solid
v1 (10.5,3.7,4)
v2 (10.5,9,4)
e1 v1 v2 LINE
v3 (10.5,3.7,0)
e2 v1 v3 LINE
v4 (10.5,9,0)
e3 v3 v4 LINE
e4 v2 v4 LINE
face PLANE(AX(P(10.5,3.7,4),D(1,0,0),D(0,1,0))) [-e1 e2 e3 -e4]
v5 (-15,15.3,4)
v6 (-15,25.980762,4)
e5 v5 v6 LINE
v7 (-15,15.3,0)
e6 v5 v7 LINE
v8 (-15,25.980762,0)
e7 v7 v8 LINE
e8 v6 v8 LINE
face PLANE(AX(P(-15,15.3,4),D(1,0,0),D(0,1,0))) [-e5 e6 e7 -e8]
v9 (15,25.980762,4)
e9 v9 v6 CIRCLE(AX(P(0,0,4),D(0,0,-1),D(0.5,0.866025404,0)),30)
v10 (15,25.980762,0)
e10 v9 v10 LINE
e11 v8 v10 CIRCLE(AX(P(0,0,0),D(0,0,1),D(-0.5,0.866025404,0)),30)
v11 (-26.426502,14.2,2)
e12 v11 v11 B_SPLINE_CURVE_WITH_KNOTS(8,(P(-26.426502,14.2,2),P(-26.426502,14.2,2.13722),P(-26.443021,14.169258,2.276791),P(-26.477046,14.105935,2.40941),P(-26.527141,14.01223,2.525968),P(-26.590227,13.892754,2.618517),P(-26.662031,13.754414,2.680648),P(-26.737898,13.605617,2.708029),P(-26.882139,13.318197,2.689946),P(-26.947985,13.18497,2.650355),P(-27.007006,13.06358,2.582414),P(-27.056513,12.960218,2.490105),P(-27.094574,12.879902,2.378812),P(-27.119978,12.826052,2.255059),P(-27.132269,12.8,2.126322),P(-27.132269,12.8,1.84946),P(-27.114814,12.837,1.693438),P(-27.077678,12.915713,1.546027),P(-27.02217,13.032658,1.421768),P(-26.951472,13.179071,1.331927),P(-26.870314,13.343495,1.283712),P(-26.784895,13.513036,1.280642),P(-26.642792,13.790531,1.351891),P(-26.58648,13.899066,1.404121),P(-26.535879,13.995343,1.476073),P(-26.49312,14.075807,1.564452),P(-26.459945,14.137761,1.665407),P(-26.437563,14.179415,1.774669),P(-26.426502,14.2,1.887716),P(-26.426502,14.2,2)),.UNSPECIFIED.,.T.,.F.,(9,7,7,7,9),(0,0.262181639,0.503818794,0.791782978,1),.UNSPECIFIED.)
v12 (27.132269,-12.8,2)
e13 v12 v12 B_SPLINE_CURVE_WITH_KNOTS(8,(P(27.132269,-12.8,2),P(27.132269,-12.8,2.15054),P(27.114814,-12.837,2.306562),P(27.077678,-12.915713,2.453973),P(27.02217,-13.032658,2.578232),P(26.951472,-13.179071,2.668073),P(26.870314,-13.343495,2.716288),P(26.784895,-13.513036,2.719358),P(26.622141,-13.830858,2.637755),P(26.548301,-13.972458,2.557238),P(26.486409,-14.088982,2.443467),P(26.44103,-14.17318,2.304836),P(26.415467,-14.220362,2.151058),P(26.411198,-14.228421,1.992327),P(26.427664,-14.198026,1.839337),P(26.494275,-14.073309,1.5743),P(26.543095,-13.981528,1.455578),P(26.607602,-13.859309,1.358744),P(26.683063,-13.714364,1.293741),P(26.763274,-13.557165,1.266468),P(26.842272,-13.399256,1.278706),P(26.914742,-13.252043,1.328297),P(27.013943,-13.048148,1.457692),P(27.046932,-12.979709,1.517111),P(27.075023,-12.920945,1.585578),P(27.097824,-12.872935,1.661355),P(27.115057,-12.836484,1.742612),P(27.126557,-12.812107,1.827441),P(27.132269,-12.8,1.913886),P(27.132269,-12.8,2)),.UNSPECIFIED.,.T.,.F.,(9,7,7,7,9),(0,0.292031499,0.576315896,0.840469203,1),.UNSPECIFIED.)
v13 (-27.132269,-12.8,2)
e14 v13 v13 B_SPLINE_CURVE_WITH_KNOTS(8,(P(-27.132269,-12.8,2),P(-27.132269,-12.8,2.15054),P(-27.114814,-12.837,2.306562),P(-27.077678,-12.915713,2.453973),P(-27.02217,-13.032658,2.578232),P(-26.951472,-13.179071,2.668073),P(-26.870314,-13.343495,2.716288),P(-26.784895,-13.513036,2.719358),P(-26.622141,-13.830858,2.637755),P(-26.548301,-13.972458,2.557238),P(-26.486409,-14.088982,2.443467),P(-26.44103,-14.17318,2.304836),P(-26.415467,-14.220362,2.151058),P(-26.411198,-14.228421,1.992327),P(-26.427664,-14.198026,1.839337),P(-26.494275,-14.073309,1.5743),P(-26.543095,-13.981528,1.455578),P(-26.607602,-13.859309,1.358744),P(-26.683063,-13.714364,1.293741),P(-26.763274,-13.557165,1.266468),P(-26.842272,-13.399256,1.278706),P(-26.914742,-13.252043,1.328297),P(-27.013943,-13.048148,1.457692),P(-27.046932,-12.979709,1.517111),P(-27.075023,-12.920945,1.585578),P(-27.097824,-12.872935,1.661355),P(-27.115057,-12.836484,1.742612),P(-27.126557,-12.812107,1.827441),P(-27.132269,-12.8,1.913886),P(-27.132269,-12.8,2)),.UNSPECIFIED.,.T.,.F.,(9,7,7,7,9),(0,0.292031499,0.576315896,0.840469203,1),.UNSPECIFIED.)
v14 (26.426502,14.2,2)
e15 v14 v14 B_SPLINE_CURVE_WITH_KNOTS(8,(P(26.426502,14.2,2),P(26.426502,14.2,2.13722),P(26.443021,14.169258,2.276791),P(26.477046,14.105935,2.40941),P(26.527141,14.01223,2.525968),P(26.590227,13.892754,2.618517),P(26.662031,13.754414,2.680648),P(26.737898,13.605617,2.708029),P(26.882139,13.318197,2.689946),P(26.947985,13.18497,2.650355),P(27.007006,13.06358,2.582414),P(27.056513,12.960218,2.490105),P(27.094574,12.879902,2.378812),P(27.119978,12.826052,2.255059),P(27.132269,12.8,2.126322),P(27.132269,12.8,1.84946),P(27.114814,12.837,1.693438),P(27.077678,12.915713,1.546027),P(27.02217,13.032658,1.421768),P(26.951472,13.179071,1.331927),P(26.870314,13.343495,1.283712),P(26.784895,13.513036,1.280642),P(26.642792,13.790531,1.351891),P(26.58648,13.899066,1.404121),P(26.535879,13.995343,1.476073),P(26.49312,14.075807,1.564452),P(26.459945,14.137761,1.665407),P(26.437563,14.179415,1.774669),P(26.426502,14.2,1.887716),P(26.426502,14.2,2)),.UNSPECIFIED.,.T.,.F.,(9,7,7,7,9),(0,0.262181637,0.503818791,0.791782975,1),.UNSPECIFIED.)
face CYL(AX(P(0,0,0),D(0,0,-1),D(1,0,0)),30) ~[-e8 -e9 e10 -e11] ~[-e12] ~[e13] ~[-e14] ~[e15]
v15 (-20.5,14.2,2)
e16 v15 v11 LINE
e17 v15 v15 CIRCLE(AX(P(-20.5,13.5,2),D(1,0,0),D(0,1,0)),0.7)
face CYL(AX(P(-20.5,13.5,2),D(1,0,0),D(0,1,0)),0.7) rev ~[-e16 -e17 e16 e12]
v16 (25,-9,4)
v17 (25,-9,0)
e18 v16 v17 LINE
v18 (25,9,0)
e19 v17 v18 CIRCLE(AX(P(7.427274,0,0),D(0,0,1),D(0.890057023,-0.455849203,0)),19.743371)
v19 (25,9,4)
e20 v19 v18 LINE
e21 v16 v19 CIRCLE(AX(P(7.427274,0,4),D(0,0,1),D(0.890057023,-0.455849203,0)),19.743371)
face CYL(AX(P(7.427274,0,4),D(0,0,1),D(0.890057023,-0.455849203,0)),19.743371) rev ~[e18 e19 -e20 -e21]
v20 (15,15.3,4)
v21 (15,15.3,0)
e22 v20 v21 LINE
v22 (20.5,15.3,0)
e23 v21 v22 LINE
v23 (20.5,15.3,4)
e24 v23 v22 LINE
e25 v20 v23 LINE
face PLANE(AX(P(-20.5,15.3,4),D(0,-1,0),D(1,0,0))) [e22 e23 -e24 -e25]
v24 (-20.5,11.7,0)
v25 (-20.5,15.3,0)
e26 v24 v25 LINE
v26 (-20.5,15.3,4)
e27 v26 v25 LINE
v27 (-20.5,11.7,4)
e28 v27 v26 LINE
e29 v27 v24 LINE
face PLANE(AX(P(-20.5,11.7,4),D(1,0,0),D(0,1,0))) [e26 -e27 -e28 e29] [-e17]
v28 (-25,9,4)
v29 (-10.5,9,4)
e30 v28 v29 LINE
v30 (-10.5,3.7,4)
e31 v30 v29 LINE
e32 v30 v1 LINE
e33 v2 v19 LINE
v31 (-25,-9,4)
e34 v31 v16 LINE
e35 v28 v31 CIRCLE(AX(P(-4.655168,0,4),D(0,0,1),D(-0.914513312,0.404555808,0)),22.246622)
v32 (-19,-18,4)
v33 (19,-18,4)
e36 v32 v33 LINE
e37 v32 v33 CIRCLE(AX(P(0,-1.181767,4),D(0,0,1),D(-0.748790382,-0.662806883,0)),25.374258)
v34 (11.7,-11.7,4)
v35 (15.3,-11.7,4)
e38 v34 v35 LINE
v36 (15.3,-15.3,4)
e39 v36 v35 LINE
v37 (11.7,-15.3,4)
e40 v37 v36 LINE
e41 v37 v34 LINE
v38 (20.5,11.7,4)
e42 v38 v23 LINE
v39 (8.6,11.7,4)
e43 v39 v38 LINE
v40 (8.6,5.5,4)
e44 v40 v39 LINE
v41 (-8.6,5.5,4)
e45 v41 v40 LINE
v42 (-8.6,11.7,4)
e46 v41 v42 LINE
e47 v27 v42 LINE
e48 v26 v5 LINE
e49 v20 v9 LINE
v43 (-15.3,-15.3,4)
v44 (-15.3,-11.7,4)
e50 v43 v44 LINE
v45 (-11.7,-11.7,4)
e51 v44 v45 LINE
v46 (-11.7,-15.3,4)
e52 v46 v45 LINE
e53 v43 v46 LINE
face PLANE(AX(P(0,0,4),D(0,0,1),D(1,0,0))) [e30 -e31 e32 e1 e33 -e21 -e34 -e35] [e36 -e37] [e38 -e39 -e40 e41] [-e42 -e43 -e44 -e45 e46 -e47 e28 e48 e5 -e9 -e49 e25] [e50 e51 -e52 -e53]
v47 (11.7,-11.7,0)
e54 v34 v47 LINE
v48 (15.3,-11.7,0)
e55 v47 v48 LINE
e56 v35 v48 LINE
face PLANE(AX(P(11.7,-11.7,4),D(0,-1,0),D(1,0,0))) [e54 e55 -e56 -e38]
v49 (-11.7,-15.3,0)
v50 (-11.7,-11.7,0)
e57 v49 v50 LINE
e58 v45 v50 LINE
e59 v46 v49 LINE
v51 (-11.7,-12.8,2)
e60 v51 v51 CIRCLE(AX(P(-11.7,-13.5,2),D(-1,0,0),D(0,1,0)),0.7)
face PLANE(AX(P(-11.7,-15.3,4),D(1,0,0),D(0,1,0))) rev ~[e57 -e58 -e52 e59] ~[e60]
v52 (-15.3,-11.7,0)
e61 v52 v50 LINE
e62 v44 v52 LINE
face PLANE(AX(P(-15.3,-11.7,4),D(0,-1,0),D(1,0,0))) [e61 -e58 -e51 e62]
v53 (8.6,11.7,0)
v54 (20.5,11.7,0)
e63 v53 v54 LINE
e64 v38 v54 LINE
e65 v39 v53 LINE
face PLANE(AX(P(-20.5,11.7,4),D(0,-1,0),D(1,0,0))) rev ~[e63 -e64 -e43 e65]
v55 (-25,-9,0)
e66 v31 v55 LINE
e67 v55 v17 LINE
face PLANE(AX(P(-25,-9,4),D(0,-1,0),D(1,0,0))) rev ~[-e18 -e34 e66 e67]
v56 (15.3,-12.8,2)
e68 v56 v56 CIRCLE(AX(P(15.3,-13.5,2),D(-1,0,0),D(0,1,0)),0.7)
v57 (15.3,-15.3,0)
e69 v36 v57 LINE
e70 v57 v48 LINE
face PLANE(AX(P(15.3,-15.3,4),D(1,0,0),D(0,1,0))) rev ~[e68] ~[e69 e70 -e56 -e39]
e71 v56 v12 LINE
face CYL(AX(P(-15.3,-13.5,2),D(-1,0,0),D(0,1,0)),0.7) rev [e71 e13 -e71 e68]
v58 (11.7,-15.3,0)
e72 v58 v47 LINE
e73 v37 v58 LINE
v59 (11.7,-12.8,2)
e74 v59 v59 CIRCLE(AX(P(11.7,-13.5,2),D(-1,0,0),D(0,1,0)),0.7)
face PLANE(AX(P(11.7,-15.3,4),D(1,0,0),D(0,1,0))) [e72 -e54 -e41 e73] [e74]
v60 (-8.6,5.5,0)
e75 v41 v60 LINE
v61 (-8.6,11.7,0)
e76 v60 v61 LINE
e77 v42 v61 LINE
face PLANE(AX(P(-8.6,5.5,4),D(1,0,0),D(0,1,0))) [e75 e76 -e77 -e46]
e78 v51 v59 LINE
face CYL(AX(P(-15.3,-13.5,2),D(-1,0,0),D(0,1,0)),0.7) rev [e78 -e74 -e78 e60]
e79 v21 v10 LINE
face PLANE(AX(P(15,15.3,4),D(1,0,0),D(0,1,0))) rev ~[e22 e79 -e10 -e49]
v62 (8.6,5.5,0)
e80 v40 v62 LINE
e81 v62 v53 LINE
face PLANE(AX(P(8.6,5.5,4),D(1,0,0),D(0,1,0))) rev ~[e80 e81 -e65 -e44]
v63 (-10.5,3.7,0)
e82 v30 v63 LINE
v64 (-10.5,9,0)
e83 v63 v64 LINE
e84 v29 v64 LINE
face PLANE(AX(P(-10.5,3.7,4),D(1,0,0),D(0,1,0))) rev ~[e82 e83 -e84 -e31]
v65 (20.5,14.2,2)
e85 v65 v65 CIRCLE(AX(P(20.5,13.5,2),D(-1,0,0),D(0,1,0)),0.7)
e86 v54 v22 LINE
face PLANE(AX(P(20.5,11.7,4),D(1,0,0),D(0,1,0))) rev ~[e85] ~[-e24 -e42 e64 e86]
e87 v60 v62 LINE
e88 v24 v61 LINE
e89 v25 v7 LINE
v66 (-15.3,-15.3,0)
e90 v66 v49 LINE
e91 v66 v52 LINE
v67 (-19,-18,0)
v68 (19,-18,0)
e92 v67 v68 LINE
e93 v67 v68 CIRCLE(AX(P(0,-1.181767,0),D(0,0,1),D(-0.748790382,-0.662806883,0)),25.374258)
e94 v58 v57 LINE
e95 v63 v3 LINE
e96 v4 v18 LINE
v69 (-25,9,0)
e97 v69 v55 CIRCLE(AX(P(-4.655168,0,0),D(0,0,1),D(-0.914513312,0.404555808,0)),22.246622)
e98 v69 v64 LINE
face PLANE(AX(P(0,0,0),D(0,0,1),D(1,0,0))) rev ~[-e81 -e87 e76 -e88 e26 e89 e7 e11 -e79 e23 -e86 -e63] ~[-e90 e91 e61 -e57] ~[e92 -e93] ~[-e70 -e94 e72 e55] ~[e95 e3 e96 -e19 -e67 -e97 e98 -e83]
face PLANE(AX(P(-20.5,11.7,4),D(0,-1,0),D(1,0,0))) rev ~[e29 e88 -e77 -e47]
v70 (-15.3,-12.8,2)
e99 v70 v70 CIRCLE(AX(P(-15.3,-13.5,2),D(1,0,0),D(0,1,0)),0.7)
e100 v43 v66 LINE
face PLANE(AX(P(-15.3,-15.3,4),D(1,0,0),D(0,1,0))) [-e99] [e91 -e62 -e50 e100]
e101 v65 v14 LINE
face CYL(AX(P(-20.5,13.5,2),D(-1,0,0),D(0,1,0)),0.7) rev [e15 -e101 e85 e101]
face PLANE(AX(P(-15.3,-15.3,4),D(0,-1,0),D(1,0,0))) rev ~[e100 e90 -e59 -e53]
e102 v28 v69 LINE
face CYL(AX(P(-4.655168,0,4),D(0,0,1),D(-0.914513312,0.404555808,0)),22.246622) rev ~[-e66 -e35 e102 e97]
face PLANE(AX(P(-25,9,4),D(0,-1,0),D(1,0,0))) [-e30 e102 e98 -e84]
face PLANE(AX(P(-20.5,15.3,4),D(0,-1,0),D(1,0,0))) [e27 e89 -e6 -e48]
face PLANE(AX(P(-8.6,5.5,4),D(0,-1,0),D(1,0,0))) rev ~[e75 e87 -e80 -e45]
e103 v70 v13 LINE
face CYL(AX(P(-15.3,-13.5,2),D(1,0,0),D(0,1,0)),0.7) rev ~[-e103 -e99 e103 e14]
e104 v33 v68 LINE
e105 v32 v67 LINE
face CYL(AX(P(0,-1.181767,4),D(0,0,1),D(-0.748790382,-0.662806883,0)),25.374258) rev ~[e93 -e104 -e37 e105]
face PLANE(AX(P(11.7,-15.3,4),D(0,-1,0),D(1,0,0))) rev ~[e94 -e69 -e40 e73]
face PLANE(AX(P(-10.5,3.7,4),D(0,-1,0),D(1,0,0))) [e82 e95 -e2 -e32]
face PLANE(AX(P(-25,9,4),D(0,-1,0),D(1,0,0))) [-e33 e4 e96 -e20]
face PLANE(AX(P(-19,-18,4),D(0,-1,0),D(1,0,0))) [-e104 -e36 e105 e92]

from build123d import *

# Parameters (mm, degrees)
SKETCH_R             = 30
PAD_DEPTH            = 4
SKETCH001_W          = 3.6
SKETCH001_H          = 3.6
POCKET_DEPTH         = 5
SKETCH002_W          = 41
SKETCH002_H          = 3.6
POCKET001_DEPTH      = 5
SKETCH003_W          = 30
SKETCH003_H          = 18
POCKET002_DEPTH      = 5
POCKET003_DEPTH      = 5
SKETCH005_R          = 0.7
POCKET004_DEPTH      = 14.701
POCKET004_DEPTH_BACK = -45.301
SKETCH006_R          = 0.7
POCKET005_DEPTH      = 9.501
POCKET005_DEPTH_BACK = -50.501
SKETCH007_W          = 21
SKETCH007_H          = 5.3
PAD001_DEPTH         = 4
SKETCH008_W          = 17.2
SKETCH008_H          = 6.2
POCKET006_DEPTH      = 5


with BuildPart() as part:
    # Sketch → Pad (new body)
    with BuildSketch(Plane.XY):
        Circle(SKETCH_R)
    extrude(amount=PAD_DEPTH)

    # Sketch001 (on Face3 of Pad) → Pocket (cut)
    with BuildSketch(Plane.XY.offset(4)):
        with Locations((-13.5, -13.5)):
            Rectangle(SKETCH001_W, SKETCH001_H)
        with Locations((13.5, -13.5)):
            Rectangle(SKETCH001_W, SKETCH001_H)
    extrude(amount=-POCKET_DEPTH, mode=Mode.SUBTRACT)

    # Sketch002 (on Face3 of Pocket) → Pocket001 (cut)
    with BuildSketch(Plane.XY.offset(4)):
        with Locations((0, 13.5)):
            Rectangle(SKETCH002_W, SKETCH002_H)
    extrude(amount=-POCKET001_DEPTH, mode=Mode.SUBTRACT)

    # Sketch003 (on Face3 of Pocket001) → Pocket002 (cut)
    with BuildSketch(Plane.XY.offset(4)):
        with Locations((0, 24.3)):
            Rectangle(SKETCH003_W, SKETCH003_H)
    extrude(amount=-POCKET002_DEPTH, mode=Mode.SUBTRACT)

    # Sketch004 (on Face3 of Pocket002) → Pocket003 (cut)
    with BuildSketch(Plane.XY.offset(4)):
        with BuildLine():
            Line((-25, 9), (25, 9))
            ThreePointArc((25, -9), (27.170645, 0), (25, 9))
            Line((-25, -9), (25, -9))
            ThreePointArc((-25, 9), (-26.90179, 0), (-25, -9))
        make_face()
        with BuildLine():
            Line((-19, -18), (19, -18))
            ThreePointArc((-19, -18), (0, -26.556025), (19, -18))
        make_face()
    extrude(amount=-POCKET003_DEPTH, mode=Mode.SUBTRACT)

    # Sketch005 (on Face12 of Pocket003) → Pocket004 (cut, two sides)
    with BuildSketch(Plane.YZ.offset(-15.3)) as pocket004_sk:
        with Locations((-13.5, 2)):
            Circle(SKETCH005_R)
    extrude(amount=-POCKET004_DEPTH, mode=Mode.SUBTRACT)
    extrude(pocket004_sk.sketch, amount=-POCKET004_DEPTH_BACK, mode=Mode.SUBTRACT)

    # Sketch006 (on Face6 of Pocket004) → Pocket005 (cut, two sides)
    with BuildSketch(Plane.YZ.offset(-20.5)) as pocket005_sk:
        with Locations((13.5, 2)):
            Circle(SKETCH006_R)
    extrude(amount=-POCKET005_DEPTH, mode=Mode.SUBTRACT)
    extrude(pocket005_sk.sketch, amount=-POCKET005_DEPTH_BACK, mode=Mode.SUBTRACT)

    # Sketch007 (on Face24 of Pocket005) → Pad001 (join)
    with BuildSketch(Plane.XY.offset(4)):
        with Locations((0, 6.35)):
            Rectangle(SKETCH007_W, SKETCH007_H)
    extrude(amount=-PAD001_DEPTH)

    # Sketch008 (on Face26 of Pad001) → Pocket006 (cut)
    with BuildSketch(Plane.XY.offset(4)):
        with Locations((0, 8.6)):
            Rectangle(SKETCH008_W, SKETCH008_H)
    extrude(amount=-POCKET006_DEPTH, mode=Mode.SUBTRACT)


solid = part.part
